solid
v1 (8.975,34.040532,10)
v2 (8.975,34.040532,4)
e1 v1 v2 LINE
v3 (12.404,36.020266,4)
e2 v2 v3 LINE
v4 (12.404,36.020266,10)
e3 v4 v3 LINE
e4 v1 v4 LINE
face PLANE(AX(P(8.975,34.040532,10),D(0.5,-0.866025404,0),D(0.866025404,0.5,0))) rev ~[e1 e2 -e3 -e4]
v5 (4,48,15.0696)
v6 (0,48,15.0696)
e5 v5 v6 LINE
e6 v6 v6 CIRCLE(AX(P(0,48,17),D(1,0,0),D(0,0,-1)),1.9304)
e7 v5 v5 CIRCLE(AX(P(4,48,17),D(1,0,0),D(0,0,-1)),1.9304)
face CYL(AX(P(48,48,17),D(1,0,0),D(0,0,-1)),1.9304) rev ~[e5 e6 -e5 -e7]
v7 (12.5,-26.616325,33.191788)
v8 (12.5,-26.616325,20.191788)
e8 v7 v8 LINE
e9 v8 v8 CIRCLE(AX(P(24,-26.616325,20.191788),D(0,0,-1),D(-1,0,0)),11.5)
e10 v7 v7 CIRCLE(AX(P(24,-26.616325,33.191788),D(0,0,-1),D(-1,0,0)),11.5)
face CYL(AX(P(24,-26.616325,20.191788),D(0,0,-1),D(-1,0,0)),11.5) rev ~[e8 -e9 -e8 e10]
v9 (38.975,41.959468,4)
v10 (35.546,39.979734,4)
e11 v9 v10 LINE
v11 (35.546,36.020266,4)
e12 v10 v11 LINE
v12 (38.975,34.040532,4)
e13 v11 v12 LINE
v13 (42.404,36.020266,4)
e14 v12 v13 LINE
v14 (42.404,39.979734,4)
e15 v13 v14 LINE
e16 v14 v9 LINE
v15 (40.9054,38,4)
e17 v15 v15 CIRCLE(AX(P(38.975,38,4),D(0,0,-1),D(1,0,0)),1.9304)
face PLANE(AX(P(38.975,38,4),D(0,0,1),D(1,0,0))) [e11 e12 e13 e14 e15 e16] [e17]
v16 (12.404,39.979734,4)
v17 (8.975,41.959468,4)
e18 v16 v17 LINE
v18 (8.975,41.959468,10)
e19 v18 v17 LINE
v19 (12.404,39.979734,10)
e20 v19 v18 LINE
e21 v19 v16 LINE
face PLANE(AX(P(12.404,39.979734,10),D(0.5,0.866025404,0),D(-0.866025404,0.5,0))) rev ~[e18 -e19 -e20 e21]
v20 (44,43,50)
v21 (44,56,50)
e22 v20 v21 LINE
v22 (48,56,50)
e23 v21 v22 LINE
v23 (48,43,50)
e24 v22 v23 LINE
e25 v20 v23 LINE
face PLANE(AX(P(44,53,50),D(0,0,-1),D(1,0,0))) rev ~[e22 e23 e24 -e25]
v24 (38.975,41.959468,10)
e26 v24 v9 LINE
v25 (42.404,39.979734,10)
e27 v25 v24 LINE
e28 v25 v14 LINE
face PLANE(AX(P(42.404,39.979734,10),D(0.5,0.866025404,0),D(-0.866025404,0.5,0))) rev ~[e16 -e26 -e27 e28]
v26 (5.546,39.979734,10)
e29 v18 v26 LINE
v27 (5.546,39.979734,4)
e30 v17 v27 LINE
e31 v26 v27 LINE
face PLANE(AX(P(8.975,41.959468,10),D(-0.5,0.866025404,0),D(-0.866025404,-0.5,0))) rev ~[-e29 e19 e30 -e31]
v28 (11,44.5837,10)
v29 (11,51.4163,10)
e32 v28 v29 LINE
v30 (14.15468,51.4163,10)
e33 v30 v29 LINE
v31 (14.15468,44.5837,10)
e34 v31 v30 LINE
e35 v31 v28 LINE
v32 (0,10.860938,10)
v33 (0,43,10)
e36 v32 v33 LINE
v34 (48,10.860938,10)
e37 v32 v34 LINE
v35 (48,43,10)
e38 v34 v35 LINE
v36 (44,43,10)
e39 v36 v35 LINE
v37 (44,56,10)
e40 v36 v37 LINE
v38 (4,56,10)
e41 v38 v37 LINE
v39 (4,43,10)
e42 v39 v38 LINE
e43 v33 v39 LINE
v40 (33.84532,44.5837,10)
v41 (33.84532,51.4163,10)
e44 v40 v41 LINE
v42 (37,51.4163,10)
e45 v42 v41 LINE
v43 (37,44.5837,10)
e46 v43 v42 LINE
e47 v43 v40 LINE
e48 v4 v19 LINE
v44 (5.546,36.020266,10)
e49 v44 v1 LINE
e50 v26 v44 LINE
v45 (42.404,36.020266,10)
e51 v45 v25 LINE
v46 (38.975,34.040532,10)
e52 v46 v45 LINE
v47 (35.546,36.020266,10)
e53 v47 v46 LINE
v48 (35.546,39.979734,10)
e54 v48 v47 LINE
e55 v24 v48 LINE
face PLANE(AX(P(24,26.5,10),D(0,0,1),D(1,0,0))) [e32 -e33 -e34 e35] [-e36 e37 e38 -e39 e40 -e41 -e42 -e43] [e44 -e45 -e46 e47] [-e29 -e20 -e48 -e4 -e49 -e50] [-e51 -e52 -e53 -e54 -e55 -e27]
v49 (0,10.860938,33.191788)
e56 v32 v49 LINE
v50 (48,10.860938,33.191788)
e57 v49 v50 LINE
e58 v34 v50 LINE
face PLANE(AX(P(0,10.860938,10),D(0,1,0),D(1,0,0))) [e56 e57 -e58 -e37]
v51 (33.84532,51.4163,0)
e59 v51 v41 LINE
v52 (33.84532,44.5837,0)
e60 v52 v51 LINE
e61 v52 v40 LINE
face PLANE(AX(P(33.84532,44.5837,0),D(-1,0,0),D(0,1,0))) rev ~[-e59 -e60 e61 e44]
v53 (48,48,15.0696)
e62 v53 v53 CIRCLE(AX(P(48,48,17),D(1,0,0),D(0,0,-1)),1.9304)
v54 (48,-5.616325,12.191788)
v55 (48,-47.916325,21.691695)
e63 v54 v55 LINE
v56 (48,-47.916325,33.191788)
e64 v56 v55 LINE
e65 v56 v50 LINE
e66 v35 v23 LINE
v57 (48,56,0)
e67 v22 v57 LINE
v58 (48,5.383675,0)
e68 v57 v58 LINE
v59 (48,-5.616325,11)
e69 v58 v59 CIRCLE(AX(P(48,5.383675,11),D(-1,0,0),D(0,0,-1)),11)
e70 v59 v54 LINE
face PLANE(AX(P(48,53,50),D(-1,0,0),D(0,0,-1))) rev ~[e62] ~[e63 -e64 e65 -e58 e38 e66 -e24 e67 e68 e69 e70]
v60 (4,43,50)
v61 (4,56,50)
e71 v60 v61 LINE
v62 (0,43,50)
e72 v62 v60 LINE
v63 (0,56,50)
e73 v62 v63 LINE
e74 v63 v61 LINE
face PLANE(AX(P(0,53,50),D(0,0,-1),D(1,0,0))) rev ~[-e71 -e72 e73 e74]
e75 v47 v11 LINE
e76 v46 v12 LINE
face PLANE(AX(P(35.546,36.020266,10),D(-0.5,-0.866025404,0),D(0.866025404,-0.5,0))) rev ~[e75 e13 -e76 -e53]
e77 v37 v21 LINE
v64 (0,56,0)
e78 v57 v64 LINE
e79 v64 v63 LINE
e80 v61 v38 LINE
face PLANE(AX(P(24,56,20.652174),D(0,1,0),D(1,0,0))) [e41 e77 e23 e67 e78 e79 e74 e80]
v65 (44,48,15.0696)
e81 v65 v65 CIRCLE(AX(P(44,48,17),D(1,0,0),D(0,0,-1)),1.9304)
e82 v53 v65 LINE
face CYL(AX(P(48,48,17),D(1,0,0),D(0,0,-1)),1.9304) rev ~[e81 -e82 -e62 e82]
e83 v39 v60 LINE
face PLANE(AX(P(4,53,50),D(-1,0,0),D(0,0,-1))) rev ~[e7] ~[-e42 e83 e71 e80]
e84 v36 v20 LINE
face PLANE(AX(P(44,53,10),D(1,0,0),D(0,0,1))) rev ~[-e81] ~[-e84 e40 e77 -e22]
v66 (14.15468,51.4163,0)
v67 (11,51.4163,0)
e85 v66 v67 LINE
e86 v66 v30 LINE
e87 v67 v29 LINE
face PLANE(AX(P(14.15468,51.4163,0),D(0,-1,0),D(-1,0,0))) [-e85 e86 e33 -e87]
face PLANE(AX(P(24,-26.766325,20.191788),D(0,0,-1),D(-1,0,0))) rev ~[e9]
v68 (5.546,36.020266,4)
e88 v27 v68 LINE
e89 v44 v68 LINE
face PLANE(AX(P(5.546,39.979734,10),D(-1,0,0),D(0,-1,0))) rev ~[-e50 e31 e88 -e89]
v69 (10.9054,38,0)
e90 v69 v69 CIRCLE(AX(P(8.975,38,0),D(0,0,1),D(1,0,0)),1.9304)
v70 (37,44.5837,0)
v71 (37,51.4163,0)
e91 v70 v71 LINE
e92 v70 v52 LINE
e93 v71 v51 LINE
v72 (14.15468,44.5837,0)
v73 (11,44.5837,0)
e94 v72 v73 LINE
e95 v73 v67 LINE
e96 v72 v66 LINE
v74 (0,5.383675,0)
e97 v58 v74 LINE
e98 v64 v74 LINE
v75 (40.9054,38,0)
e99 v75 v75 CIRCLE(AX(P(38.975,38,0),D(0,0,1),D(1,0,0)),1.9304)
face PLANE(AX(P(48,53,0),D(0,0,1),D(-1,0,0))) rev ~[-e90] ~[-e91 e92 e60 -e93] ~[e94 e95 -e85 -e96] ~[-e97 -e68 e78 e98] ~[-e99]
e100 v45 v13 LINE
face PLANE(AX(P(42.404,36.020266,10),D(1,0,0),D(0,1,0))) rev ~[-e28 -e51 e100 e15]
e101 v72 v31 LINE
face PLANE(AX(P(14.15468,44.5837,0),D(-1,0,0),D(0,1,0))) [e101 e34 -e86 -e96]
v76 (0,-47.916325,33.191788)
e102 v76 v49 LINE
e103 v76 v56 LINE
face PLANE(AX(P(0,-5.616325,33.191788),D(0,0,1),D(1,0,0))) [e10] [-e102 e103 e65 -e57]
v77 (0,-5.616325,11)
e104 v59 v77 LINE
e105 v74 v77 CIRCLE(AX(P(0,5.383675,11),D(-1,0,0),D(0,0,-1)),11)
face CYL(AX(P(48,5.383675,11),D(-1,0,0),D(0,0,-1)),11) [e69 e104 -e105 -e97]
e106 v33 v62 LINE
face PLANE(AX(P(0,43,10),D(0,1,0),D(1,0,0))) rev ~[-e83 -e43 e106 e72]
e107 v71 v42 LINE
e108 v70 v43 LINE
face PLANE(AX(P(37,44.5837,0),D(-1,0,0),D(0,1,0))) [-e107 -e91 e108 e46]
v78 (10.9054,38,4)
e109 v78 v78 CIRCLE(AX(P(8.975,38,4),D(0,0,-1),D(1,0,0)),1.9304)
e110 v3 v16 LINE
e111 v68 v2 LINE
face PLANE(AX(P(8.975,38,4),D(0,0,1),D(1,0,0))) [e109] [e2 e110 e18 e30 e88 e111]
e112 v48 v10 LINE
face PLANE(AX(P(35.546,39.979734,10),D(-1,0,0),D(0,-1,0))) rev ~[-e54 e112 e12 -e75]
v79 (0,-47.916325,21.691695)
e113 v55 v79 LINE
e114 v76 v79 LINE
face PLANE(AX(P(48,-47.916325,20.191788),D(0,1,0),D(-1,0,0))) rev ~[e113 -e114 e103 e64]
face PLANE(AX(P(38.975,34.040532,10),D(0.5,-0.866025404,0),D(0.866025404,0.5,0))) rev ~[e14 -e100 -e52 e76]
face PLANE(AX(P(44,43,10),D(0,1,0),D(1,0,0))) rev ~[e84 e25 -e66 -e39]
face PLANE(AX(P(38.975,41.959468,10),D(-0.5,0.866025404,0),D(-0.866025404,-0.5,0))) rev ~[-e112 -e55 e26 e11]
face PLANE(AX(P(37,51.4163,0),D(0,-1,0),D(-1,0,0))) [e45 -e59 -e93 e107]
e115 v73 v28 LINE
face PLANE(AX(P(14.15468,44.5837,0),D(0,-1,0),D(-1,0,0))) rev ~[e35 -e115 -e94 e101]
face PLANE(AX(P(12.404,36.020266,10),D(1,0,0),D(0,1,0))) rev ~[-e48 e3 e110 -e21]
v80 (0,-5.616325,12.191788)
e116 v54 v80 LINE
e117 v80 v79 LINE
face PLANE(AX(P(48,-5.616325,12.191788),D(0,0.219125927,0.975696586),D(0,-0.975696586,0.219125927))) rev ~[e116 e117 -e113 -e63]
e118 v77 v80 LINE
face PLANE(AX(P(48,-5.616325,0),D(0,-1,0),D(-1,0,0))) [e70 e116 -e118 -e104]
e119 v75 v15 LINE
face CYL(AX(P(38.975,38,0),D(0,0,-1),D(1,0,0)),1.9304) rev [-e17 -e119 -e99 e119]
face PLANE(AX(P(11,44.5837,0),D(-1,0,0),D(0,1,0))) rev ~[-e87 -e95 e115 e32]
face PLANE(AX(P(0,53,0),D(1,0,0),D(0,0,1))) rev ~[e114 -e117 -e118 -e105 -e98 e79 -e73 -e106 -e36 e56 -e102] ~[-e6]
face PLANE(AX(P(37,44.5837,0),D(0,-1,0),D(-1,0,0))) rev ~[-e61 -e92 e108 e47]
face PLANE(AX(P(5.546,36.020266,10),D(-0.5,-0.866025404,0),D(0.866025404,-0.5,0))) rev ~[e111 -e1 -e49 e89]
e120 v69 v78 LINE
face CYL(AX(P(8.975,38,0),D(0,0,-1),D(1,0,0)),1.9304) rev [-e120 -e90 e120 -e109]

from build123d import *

# Parameters (mm, degrees)
SKETCH1_W           = 48
SKETCH1_H           = 53
SKETCH1_R           = 1.9304
BOSS_EXTRUDE1_DEPTH = 10
SKETCH2_W           = 48
SKETCH2_H           = 5.616325
BOSS_EXTRUDE2_DEPTH = 33.1917878
SKETCH4_W           = 4
SKETCH4_H           = 10
BOSS_EXTRUDE4_DEPTH = 40
SKETCH5_W           = 48
SKETCH5_H           = 10.8609375
BOSS_EXTRUDE5_DEPTH = 23.1917878
SKETCH6_W           = 48
SKETCH6_H           = 5
BOSS_EXTRUDE6_DEPTH = 42.3
CUT_EXTRUDE1_REACH  = 78.862
SKETCH8_R           = 11.5
SKETCH9_R           = 1.9304
CUT_EXTRUDE2_DEPTH  = 88.252507127
CUT_EXTRUDE3_REACH  = 89.253
SKETCH10_W          = 3.15468
SKETCH10_H          = 6.8326
BOSS_EXTRUDE7_START = 8
SKETCH11_W          = 48
SKETCH11_H          = 42.3
SKETCH11_R          = 11.5
BOSS_EXTRUDE7_DEPTH = 8
SKETCH12_W          = 48
SKETCH12_H          = 42.3
BOSS_EXTRUDE8_DEPTH = 8
FILLET1_R           = 11
BOSS_EXTRUDE9_DEPTH = 3
CUT_EXTRUDE4_DEPTH  = 6
CUT_EXTRUDE5_DEPTH  = 90.10667764


with BuildPart() as part:
    # Sketch1 → Boss-Extrude1 (new body)
    with BuildSketch(Plane.XY):
        with Locations((24, 26.5)):
            Rectangle(SKETCH1_W, SKETCH1_H)
        with Locations((8.975, 38)):
            Circle(SKETCH1_R, mode=Mode.SUBTRACT)
        with Locations((38.975, 38)):
            Circle(SKETCH1_R, mode=Mode.SUBTRACT)
    extrude(amount=BOSS_EXTRUDE1_DEPTH)

    # Sketch2 → Boss-Extrude2 (add)
    with BuildSketch(Plane(origin=(0, 0, 0), x_dir=(-1, 0, 0), z_dir=(0, 0, -1))):
        with Locations((-24, -2.8081625)):
            Rectangle(SKETCH2_W, SKETCH2_H)
    extrude(amount=-BOSS_EXTRUDE2_DEPTH)

    # Sketch4 → Boss-Extrude4 (add)
    with BuildSketch(Plane.XY.offset(10)):
        with Locations((2, 48)):
            Rectangle(SKETCH4_W, SKETCH4_H)
        with Locations((46, 48)):
            Rectangle(SKETCH4_W, SKETCH4_H)
    extrude(amount=BOSS_EXTRUDE4_DEPTH)

    # Sketch5 → Boss-Extrude5 (add)
    with BuildSketch(Plane.XY.offset(10)):
        with Locations((24, 5.43046875)):
            Rectangle(SKETCH5_W, SKETCH5_H)
    extrude(amount=BOSS_EXTRUDE5_DEPTH)

    # Sketch6 → Boss-Extrude6 (add)
    with BuildSketch(Plane.XZ.offset(5.616325)):
        with Locations((24, 30.6917878)):
            Rectangle(SKETCH6_W, SKETCH6_H)
    extrude(amount=BOSS_EXTRUDE6_DEPTH)

    # Sketch8 → Cut-Extrude1 (cut, up to next)
    with BuildSketch(Plane(origin=(0, 0, 28.1917878), x_dir=(-1, 0, 0), z_dir=(0, 0, -1)), mode=Mode.PRIVATE) as cut_extrude1_sk1:
        with Locations((-24, -26.616325)):
            Circle(SKETCH8_R)
    cut_extrude1_tool1 = extrude(cut_extrude1_sk1.sketch, amount=-CUT_EXTRUDE1_REACH, mode=Mode.PRIVATE) & part.part
    add(cut_extrude1_tool1.solids().sort_by_distance((24, -26.616325, 28.191788))[0], mode=Mode.SUBTRACT)

    # Sketch9 → Cut-Extrude2 (cut, through all)
    with BuildSketch(Plane(origin=(48, 0, 0), x_dir=(0, 0, -1), z_dir=(1, 0, 0))):
        with Locations((-17, 48)):
            Circle(SKETCH9_R)
    extrude(amount=-CUT_EXTRUDE2_DEPTH, mode=Mode.SUBTRACT)

    # Sketch10 → Cut-Extrude3 (cut, up to next)
    with BuildSketch(Plane(origin=(0, 0, 0), x_dir=(-1, 0, 0), z_dir=(0, 0, -1)), mode=Mode.PRIVATE) as cut_extrude3_sk1:
        with Locations((-35.42266, 48)):
            Rectangle(SKETCH10_W, SKETCH10_H)
    cut_extrude3_tool1 = extrude(cut_extrude3_sk1.sketch, amount=-CUT_EXTRUDE3_REACH, mode=Mode.PRIVATE) & part.part
    # Sketch10 → Cut-Extrude3 (cut, up to next)
    with BuildSketch(Plane(origin=(0, 0, 0), x_dir=(-1, 0, 0), z_dir=(0, 0, -1)), mode=Mode.PRIVATE) as cut_extrude3_sk2:
        with Locations((-12.57734, 48)):
            Rectangle(SKETCH10_W, SKETCH10_H)
    cut_extrude3_tool2 = extrude(cut_extrude3_sk2.sketch, amount=-CUT_EXTRUDE3_REACH, mode=Mode.PRIVATE) & part.part
    add(cut_extrude3_tool1.solids().sort_by_distance((35.42266, 48, 0))[0], mode=Mode.SUBTRACT)
    add(cut_extrude3_tool2.solids().sort_by_distance((12.57734, 48, 0))[0], mode=Mode.SUBTRACT)

    # Sketch11 → Boss-Extrude7 (add)
    with BuildSketch(Plane(origin=(0, 0, 28.1917878), x_dir=(-1, 0, 0), z_dir=(0, 0, -1)).offset(BOSS_EXTRUDE7_START)):
        with Locations((-24, -26.766325)):
            Rectangle(SKETCH11_W, SKETCH11_H)
        with Locations((-24, -26.616325)):
            Circle(SKETCH11_R, mode=Mode.SUBTRACT)
    extrude(amount=-BOSS_EXTRUDE7_DEPTH)

    # Sketch12 → Boss-Extrude8 (add)
    with BuildSketch(Plane(origin=(0, 0, 20.1917878), x_dir=(-1, 0, 0), z_dir=(0, 0, -1))):
        with Locations((-24, -26.766325)):
            Rectangle(SKETCH12_W, SKETCH12_H)
    extrude(amount=BOSS_EXTRUDE8_DEPTH)

    # Fillet1
    fillet1_edges = [part.edges().sort_by_distance(p)[0] for p in [
        (24, -5.616325, 0),
    ]]
    fillet(fillet1_edges, radius=FILLET1_R)

    # Sketch13 → Boss-Extrude9 (add)
    with BuildSketch(Plane(origin=(0, 53, 0), x_dir=(1, 0, 0), z_dir=(0, 1, 0))):
        Polygon((0, 0), (0, -50), (4, -50), (4, -10), (44, -10), (44, -50), (48, -50), (48, 0), align=None)
    extrude(amount=BOSS_EXTRUDE9_DEPTH)

    # Sketch14 → Cut-Extrude4 (cut)
    with BuildSketch(Plane.XY.offset(10)):
        Polygon((8.975, 41.9594682), (5.545999953, 39.9797341), (5.545999953, 36.0202659), (8.975, 34.0405318), (12.404000047, 36.0202659), (12.404000047, 39.9797341), align=None)
        Polygon((38.975, 41.9594682), (35.545999953, 39.9797341), (35.545999953, 36.0202659), (38.975, 34.0405318), (42.404000047, 36.0202659), (42.404000047, 39.9797341), align=None)
    extrude(amount=-CUT_EXTRUDE4_DEPTH, mode=Mode.SUBTRACT)

    # Sketch15 → Cut-Extrude5 (cut, through all)
    with BuildSketch(Plane(origin=(48, 0, 0), x_dir=(0, 0, -1), z_dir=(1, 0, 0))):
        Polygon((-12.1917878, -5.616325), (-21.691694695, -47.916325), (-12.1917878, -47.916325), align=None)
    extrude(amount=-CUT_EXTRUDE5_DEPTH, mode=Mode.SUBTRACT)


solid = part.part
